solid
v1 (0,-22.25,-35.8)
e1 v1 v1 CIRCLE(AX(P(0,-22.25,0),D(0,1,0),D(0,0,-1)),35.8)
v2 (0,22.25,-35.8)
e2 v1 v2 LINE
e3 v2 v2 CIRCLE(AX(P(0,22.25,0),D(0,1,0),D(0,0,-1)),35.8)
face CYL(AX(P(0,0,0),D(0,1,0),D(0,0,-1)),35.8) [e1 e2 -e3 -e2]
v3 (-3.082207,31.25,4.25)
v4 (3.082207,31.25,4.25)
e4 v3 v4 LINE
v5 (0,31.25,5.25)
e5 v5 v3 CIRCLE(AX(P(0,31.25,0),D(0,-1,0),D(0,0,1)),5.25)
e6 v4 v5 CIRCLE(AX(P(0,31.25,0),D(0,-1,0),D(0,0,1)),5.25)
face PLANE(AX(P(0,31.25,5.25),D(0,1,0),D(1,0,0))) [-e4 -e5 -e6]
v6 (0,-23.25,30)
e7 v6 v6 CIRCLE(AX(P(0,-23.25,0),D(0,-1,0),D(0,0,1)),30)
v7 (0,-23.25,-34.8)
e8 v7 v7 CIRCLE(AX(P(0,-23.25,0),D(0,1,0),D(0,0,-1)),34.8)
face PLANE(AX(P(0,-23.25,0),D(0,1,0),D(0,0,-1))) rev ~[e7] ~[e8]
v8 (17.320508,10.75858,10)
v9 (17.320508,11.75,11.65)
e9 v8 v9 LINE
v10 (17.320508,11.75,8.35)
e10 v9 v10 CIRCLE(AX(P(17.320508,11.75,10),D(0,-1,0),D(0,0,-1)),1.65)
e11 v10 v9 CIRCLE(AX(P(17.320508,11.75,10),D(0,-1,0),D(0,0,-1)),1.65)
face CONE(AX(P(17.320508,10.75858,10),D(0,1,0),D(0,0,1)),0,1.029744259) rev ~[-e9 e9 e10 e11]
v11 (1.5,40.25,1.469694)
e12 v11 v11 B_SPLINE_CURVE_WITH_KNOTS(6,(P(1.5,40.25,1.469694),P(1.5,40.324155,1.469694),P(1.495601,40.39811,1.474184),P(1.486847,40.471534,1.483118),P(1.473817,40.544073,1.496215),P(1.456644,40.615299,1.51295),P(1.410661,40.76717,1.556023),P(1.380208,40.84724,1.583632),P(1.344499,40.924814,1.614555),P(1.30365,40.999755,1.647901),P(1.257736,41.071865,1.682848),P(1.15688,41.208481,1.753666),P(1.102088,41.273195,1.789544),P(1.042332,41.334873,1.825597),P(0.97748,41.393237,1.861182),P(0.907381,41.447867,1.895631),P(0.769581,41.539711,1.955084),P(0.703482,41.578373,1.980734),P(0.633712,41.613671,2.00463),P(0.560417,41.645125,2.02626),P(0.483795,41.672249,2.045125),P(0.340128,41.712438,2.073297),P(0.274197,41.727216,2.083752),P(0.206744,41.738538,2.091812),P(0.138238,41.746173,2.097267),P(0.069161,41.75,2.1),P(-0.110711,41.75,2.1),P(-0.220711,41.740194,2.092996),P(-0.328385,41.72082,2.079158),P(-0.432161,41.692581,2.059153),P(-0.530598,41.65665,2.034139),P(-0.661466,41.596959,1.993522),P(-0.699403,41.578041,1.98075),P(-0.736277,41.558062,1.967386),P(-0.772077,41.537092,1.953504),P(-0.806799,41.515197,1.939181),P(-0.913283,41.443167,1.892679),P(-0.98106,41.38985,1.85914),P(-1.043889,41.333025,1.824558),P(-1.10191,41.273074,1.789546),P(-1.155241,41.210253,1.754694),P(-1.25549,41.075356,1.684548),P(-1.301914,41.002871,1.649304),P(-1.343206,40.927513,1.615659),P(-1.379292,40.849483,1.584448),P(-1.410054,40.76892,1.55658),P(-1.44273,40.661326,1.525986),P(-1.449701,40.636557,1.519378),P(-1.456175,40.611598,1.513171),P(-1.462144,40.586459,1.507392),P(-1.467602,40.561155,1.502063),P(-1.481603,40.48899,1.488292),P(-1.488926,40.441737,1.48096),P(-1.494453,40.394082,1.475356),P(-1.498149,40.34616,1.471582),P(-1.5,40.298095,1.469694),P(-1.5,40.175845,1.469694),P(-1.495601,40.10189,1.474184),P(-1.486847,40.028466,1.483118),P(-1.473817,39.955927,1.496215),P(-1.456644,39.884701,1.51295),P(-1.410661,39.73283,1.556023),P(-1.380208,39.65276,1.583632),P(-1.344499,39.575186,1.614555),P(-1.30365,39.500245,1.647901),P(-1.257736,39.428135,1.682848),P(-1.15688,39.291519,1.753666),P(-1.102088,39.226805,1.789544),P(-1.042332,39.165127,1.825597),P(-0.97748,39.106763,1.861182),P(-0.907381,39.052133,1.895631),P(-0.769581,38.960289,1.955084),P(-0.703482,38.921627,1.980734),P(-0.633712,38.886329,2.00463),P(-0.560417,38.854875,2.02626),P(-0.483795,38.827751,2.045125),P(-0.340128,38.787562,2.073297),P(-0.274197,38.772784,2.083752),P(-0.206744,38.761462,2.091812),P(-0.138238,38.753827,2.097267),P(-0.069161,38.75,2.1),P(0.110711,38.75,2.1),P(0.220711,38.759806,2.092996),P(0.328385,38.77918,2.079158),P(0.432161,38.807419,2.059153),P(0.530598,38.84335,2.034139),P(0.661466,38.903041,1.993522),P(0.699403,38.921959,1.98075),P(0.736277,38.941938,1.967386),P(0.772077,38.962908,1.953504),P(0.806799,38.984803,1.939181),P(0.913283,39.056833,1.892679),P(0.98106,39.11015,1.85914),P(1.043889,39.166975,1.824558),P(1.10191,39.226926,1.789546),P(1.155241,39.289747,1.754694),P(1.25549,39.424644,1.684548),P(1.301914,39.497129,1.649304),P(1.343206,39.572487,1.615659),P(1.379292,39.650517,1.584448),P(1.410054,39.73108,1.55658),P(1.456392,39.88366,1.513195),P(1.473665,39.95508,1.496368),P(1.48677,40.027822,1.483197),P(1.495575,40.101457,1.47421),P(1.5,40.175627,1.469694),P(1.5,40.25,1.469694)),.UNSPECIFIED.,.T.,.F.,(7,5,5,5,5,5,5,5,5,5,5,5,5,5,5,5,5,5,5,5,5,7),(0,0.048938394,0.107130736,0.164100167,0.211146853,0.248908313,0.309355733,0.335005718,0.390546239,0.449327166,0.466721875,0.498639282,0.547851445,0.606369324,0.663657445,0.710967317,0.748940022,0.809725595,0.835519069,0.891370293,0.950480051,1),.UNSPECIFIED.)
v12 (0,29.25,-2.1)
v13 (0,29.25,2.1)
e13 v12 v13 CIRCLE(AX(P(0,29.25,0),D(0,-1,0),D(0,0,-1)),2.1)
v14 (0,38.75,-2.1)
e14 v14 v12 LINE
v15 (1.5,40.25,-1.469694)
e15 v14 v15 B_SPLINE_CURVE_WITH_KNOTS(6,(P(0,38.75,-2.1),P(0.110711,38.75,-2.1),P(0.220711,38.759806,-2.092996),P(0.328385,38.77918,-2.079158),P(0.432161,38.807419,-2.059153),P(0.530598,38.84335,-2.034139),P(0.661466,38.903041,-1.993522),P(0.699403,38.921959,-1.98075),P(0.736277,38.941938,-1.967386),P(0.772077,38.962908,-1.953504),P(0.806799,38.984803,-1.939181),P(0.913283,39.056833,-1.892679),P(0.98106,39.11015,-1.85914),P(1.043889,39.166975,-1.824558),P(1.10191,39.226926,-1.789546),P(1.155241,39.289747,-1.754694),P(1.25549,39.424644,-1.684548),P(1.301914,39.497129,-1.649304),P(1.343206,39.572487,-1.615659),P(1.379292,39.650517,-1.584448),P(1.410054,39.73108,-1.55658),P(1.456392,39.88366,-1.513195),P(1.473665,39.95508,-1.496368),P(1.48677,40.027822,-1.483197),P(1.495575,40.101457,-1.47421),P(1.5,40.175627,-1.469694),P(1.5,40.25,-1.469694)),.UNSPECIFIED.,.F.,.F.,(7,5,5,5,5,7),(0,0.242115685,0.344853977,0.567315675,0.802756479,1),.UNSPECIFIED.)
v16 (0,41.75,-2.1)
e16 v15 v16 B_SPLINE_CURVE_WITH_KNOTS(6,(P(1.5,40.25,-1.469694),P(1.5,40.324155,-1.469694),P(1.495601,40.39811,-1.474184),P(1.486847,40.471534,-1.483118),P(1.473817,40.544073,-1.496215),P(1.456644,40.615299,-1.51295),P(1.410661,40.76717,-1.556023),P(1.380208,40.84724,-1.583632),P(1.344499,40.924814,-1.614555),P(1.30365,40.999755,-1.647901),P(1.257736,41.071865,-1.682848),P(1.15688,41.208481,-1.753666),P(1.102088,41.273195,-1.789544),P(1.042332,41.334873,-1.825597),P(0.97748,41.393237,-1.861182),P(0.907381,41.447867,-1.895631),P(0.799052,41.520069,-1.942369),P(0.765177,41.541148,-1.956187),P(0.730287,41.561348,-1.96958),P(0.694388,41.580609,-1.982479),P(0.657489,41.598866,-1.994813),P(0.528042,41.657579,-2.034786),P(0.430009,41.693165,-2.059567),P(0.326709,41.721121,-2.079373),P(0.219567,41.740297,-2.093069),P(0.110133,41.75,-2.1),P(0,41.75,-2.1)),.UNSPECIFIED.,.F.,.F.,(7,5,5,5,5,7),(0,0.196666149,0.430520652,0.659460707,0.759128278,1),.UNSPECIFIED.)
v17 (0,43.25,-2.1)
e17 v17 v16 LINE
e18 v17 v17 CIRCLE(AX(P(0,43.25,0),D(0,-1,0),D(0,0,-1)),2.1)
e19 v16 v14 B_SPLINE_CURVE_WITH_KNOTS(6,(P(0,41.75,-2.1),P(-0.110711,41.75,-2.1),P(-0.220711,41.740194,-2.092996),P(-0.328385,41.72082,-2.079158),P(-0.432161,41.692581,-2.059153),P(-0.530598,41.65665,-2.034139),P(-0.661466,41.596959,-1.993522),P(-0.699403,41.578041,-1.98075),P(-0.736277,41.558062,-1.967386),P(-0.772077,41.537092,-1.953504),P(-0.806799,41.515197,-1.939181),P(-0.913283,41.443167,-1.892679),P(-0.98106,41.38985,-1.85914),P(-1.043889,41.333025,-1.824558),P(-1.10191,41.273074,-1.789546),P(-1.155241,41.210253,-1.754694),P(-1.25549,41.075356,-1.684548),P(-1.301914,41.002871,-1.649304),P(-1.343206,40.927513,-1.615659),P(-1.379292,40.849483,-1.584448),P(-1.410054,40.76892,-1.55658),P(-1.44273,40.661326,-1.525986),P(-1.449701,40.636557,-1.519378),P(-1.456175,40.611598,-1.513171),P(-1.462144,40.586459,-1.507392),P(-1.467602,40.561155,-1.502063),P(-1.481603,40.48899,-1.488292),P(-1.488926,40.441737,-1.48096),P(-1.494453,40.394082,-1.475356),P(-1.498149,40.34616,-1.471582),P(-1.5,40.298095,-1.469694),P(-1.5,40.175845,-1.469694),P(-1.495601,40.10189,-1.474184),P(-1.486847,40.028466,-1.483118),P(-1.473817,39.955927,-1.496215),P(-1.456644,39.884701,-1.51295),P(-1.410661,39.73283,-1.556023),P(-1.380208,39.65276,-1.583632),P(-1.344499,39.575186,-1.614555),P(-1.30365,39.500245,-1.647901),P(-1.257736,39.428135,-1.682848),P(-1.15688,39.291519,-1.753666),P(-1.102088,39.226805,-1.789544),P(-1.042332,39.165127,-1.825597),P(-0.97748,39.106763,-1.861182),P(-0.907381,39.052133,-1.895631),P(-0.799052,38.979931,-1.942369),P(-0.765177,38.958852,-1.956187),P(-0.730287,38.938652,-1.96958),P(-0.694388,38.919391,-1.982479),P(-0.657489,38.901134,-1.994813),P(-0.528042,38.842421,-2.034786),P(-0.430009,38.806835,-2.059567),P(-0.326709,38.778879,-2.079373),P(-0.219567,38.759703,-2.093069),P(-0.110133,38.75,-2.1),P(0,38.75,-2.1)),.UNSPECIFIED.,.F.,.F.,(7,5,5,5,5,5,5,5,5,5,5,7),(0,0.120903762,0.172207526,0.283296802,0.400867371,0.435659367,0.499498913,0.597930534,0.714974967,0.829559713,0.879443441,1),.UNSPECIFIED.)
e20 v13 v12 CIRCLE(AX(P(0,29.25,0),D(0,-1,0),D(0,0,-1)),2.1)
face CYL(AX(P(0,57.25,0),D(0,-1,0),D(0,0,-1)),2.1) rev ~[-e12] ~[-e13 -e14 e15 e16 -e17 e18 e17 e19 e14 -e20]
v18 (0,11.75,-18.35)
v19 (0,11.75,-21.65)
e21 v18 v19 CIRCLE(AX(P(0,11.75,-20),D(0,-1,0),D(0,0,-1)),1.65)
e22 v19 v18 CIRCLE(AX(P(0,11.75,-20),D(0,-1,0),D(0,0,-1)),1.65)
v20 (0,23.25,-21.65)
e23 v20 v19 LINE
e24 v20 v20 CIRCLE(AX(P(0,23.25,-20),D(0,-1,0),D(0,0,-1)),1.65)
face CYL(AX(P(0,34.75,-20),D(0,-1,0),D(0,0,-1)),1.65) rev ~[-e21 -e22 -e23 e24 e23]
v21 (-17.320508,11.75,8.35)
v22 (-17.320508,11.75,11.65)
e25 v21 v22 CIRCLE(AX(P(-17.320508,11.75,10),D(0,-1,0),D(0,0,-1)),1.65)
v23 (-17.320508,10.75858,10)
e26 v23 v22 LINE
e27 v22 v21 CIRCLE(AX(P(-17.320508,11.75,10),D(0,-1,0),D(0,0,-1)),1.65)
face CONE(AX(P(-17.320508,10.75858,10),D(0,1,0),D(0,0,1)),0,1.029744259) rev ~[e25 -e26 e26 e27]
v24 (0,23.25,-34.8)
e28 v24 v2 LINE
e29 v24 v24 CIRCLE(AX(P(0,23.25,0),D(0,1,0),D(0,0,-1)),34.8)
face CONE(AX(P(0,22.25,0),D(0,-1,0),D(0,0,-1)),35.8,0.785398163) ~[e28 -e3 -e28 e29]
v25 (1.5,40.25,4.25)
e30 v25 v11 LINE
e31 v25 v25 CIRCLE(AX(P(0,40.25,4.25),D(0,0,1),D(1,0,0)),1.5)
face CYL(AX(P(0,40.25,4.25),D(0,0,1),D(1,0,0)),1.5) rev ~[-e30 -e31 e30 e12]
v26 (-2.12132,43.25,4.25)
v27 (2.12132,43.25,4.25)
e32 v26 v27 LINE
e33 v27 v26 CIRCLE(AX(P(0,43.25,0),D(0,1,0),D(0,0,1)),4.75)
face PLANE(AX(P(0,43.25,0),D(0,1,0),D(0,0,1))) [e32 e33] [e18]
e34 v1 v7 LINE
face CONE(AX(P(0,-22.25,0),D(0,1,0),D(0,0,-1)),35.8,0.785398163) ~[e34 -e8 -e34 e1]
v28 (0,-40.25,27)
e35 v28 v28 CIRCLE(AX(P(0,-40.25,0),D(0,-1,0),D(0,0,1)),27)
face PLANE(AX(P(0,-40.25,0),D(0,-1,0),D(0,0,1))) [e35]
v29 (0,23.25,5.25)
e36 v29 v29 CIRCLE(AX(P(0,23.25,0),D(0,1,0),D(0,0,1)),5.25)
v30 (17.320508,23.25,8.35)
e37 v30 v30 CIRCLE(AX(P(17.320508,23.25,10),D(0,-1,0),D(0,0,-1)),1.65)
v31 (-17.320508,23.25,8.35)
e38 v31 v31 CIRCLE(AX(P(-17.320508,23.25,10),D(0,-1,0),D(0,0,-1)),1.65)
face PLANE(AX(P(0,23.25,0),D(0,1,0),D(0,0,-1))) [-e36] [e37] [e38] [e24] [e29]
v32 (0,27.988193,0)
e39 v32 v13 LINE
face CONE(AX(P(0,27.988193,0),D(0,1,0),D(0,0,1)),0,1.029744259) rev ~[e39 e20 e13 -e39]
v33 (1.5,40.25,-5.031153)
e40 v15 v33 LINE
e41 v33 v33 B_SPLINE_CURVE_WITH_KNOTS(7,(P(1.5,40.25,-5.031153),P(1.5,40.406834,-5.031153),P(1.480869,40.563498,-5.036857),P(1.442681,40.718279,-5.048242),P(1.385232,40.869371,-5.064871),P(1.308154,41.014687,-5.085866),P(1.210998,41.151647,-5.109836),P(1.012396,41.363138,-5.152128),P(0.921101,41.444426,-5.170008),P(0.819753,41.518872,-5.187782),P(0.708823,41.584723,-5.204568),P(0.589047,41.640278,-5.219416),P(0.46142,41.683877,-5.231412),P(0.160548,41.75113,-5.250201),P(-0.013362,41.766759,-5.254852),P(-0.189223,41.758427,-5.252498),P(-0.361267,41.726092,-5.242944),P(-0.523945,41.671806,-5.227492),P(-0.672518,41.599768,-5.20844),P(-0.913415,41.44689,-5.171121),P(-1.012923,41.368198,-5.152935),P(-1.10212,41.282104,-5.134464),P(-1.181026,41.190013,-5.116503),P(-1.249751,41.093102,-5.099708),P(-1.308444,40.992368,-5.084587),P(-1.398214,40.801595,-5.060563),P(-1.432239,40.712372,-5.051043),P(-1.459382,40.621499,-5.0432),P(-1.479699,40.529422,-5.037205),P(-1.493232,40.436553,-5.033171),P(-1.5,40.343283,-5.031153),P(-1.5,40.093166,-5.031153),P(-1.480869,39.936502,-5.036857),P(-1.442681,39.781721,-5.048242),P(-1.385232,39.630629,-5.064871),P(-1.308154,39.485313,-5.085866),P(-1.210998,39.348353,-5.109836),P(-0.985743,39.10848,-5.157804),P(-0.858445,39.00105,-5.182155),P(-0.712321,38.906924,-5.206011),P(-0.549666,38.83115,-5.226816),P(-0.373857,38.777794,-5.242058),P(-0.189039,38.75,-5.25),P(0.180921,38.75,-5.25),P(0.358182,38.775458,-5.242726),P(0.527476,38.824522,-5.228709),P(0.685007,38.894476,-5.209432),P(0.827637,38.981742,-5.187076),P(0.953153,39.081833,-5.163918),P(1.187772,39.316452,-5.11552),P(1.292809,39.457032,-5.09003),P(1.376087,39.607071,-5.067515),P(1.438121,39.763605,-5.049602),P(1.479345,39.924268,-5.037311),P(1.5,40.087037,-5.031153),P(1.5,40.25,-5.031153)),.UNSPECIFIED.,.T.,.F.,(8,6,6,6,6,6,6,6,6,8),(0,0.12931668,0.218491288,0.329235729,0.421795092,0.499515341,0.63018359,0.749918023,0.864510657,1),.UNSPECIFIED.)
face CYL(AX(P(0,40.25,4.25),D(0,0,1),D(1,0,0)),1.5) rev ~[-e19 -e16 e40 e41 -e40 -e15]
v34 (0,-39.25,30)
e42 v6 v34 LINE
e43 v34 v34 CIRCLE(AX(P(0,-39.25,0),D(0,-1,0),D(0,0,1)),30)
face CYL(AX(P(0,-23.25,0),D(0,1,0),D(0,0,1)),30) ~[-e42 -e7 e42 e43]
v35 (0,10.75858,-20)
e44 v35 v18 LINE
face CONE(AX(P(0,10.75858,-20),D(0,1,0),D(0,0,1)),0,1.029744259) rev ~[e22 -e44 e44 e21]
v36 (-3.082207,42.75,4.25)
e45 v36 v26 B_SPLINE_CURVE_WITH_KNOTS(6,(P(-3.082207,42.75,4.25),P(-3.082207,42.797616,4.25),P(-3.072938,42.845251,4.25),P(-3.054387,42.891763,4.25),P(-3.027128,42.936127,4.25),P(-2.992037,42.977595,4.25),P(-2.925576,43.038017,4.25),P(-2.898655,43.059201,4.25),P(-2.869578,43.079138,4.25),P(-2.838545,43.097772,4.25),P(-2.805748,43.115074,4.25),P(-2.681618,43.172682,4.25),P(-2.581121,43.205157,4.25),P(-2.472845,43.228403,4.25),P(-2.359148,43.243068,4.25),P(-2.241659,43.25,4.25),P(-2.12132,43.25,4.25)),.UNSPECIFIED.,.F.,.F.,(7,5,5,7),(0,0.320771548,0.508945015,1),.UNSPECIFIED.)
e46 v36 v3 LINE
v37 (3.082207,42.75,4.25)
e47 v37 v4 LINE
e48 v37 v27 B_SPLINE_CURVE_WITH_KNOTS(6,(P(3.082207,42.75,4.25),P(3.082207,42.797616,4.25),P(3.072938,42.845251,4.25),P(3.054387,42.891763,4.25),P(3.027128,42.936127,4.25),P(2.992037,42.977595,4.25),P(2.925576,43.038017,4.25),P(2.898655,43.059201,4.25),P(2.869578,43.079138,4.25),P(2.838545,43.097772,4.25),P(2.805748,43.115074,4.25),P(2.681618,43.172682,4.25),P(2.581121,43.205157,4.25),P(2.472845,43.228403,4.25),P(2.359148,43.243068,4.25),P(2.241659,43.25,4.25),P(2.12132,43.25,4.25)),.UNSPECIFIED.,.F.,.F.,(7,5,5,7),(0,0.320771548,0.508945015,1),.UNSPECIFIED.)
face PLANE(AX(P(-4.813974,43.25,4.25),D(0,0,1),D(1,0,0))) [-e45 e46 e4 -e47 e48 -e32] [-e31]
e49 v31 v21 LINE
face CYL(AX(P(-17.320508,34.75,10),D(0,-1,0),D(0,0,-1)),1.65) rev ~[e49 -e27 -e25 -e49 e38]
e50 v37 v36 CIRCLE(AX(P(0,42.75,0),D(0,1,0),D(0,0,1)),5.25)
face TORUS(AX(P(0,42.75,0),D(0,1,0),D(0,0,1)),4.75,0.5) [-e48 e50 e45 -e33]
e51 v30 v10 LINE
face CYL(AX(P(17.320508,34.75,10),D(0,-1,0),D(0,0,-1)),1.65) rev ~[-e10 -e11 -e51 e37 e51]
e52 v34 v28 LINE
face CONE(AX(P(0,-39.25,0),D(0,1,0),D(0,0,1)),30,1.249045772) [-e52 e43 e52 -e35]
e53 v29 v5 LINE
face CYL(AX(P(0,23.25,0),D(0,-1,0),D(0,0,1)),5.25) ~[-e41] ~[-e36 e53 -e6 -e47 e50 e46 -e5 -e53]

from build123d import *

# Parameters (mm, degrees)
SKETCH_1_R             = 35.8
EXTRUDE_1_DEPTH        = 23.25
HOLE_WIZARD_M4_1_D     = 3.3
HOLE_WIZARD_M4_1_DEPTH = 11.5
HOLE_WIZARD_M4_1_TIP   = 0.991420021
SKETCH_4_R             = 5.25
EXTRUDE_2_DEPTH        = 20
FILLET_1_R             = 0.5
SKETCH_5_W             = 9.627947462
SKETCH_5_H             = 2
CUT_EXTRUDE_1_DEPTH    = 12
HOLE_WIZARD_M5_1_D     = 4.2
HOLE_WIZARD_M5_1_DEPTH = 14
HOLE_WIZARD_M5_1_TIP   = 1.2618073
CHAMFER_1_SIZE         = 1
SKETCH_7_R             = 30
EXTRUDE_3_DEPTH        = 17
CHAMFER_2_SIZE         = 1
CHAMFER_3_SIZE         = 1
CHAMFER_3_SIZE2        = 3
SKETCH_8_R             = 1.5
CUT_EXTRUDE_2_DEPTH    = 69.965244933


with BuildPart() as part:
    # 草图1 → 凸台-拉伸1 (new, symmetric)
    with BuildSketch(Plane(origin=(0, 0, 0), x_dir=(1, 0, 0), z_dir=(0, 1, 0))):
        with Locations(Location((0, 0, 0), (0, 0, 90))):
            Circle(SKETCH_1_R)
    extrude(amount=EXTRUDE_1_DEPTH, both=True)

    # M4 螺纹孔1
    with Locations(Plane(origin=(0, 23.25, -20), x_dir=(0, 0, 1), z_dir=(0, 1, 0))):
        with Locations((0, 0), (30, -17.320508076), (30, 17.320508076)):
            Hole(HOLE_WIZARD_M4_1_D / 2, depth=HOLE_WIZARD_M4_1_DEPTH)
            with Locations((0, 0, -(HOLE_WIZARD_M4_1_DEPTH + HOLE_WIZARD_M4_1_TIP / 2))):  # 118° drill point
                Cone(0, HOLE_WIZARD_M4_1_D / 2, HOLE_WIZARD_M4_1_TIP, mode=Mode.SUBTRACT)

    # 草图4 → 凸台-拉伸2 (add)
    with BuildSketch(Plane(origin=(0, 23.25, 0), x_dir=(1, 0, 0), z_dir=(0, 1, 0))):
        with Locations(Location((0, 0, 0), (0, 0, 270))):
            Circle(SKETCH_4_R)
    extrude(amount=EXTRUDE_2_DEPTH)

    # 圆角1
    fillet_1_edges = [part.edges().sort_by_distance(p)[0] for p in [
        (0, 43.25, -5.25),
    ]]
    fillet(fillet_1_edges, radius=FILLET_1_R)

    # 草图5 → 切除-拉伸1 (cut)
    with BuildSketch(Plane(origin=(0, 43.25, 0), x_dir=(1, 0, 0), z_dir=(0, 1, 0))):
        with Locations((0, -5.25)):
            Rectangle(SKETCH_5_W, SKETCH_5_H)
    extrude(amount=-CUT_EXTRUDE_1_DEPTH, mode=Mode.SUBTRACT)

    # M5 螺纹孔1
    with Locations(Plane.ZX.offset(43.25)):
        with Locations((0, 0)):
            Hole(HOLE_WIZARD_M5_1_D / 2, depth=HOLE_WIZARD_M5_1_DEPTH)
            with Locations((0, 0, -(HOLE_WIZARD_M5_1_DEPTH + HOLE_WIZARD_M5_1_TIP / 2))):  # 118° drill point
                Cone(0, HOLE_WIZARD_M5_1_D / 2, HOLE_WIZARD_M5_1_TIP, mode=Mode.SUBTRACT)

    # 倒角1
    chamfer_1_edges = [part.edges().sort_by_distance(p)[0] for p in [
        (0, 23.25, 35.8),
    ]]
    chamfer(chamfer_1_edges, length=CHAMFER_1_SIZE)

    # 草图7 → 凸台-拉伸3 (add)
    with BuildSketch(Plane.XZ.offset(23.25)):
        with Locations(Location((0, 0, 0), (0, 0, 90))):
            Circle(SKETCH_7_R)
    extrude(amount=EXTRUDE_3_DEPTH)

    # 倒角2
    chamfer_2_edges = [part.edges().sort_by_distance(p)[0] for p in [
        (0, -23.25, 35.8),
    ]]
    chamfer(chamfer_2_edges, length=CHAMFER_2_SIZE)

    # 倒角3
    chamfer_3_edges = [part.edges().sort_by_distance(p)[0] for p in [
        (0, -40.25, -30),
    ]]
    chamfer_3_side = [part.faces().sort_by_distance(p)[0] for p in [
        (0, -31.75, -30),
    ]]
    chamfer(chamfer_3_edges, length=CHAMFER_3_SIZE, length2=CHAMFER_3_SIZE2, reference=chamfer_3_side[0])

    # 草图8 → 切除-拉伸2 (cut, through all)
    with BuildSketch(Plane.XY.offset(4.25)):
        with Locations((0, 40.25)):
            Circle(SKETCH_8_R)
    extrude(amount=-CUT_EXTRUDE_2_DEPTH, mode=Mode.SUBTRACT)


solid = part.part
